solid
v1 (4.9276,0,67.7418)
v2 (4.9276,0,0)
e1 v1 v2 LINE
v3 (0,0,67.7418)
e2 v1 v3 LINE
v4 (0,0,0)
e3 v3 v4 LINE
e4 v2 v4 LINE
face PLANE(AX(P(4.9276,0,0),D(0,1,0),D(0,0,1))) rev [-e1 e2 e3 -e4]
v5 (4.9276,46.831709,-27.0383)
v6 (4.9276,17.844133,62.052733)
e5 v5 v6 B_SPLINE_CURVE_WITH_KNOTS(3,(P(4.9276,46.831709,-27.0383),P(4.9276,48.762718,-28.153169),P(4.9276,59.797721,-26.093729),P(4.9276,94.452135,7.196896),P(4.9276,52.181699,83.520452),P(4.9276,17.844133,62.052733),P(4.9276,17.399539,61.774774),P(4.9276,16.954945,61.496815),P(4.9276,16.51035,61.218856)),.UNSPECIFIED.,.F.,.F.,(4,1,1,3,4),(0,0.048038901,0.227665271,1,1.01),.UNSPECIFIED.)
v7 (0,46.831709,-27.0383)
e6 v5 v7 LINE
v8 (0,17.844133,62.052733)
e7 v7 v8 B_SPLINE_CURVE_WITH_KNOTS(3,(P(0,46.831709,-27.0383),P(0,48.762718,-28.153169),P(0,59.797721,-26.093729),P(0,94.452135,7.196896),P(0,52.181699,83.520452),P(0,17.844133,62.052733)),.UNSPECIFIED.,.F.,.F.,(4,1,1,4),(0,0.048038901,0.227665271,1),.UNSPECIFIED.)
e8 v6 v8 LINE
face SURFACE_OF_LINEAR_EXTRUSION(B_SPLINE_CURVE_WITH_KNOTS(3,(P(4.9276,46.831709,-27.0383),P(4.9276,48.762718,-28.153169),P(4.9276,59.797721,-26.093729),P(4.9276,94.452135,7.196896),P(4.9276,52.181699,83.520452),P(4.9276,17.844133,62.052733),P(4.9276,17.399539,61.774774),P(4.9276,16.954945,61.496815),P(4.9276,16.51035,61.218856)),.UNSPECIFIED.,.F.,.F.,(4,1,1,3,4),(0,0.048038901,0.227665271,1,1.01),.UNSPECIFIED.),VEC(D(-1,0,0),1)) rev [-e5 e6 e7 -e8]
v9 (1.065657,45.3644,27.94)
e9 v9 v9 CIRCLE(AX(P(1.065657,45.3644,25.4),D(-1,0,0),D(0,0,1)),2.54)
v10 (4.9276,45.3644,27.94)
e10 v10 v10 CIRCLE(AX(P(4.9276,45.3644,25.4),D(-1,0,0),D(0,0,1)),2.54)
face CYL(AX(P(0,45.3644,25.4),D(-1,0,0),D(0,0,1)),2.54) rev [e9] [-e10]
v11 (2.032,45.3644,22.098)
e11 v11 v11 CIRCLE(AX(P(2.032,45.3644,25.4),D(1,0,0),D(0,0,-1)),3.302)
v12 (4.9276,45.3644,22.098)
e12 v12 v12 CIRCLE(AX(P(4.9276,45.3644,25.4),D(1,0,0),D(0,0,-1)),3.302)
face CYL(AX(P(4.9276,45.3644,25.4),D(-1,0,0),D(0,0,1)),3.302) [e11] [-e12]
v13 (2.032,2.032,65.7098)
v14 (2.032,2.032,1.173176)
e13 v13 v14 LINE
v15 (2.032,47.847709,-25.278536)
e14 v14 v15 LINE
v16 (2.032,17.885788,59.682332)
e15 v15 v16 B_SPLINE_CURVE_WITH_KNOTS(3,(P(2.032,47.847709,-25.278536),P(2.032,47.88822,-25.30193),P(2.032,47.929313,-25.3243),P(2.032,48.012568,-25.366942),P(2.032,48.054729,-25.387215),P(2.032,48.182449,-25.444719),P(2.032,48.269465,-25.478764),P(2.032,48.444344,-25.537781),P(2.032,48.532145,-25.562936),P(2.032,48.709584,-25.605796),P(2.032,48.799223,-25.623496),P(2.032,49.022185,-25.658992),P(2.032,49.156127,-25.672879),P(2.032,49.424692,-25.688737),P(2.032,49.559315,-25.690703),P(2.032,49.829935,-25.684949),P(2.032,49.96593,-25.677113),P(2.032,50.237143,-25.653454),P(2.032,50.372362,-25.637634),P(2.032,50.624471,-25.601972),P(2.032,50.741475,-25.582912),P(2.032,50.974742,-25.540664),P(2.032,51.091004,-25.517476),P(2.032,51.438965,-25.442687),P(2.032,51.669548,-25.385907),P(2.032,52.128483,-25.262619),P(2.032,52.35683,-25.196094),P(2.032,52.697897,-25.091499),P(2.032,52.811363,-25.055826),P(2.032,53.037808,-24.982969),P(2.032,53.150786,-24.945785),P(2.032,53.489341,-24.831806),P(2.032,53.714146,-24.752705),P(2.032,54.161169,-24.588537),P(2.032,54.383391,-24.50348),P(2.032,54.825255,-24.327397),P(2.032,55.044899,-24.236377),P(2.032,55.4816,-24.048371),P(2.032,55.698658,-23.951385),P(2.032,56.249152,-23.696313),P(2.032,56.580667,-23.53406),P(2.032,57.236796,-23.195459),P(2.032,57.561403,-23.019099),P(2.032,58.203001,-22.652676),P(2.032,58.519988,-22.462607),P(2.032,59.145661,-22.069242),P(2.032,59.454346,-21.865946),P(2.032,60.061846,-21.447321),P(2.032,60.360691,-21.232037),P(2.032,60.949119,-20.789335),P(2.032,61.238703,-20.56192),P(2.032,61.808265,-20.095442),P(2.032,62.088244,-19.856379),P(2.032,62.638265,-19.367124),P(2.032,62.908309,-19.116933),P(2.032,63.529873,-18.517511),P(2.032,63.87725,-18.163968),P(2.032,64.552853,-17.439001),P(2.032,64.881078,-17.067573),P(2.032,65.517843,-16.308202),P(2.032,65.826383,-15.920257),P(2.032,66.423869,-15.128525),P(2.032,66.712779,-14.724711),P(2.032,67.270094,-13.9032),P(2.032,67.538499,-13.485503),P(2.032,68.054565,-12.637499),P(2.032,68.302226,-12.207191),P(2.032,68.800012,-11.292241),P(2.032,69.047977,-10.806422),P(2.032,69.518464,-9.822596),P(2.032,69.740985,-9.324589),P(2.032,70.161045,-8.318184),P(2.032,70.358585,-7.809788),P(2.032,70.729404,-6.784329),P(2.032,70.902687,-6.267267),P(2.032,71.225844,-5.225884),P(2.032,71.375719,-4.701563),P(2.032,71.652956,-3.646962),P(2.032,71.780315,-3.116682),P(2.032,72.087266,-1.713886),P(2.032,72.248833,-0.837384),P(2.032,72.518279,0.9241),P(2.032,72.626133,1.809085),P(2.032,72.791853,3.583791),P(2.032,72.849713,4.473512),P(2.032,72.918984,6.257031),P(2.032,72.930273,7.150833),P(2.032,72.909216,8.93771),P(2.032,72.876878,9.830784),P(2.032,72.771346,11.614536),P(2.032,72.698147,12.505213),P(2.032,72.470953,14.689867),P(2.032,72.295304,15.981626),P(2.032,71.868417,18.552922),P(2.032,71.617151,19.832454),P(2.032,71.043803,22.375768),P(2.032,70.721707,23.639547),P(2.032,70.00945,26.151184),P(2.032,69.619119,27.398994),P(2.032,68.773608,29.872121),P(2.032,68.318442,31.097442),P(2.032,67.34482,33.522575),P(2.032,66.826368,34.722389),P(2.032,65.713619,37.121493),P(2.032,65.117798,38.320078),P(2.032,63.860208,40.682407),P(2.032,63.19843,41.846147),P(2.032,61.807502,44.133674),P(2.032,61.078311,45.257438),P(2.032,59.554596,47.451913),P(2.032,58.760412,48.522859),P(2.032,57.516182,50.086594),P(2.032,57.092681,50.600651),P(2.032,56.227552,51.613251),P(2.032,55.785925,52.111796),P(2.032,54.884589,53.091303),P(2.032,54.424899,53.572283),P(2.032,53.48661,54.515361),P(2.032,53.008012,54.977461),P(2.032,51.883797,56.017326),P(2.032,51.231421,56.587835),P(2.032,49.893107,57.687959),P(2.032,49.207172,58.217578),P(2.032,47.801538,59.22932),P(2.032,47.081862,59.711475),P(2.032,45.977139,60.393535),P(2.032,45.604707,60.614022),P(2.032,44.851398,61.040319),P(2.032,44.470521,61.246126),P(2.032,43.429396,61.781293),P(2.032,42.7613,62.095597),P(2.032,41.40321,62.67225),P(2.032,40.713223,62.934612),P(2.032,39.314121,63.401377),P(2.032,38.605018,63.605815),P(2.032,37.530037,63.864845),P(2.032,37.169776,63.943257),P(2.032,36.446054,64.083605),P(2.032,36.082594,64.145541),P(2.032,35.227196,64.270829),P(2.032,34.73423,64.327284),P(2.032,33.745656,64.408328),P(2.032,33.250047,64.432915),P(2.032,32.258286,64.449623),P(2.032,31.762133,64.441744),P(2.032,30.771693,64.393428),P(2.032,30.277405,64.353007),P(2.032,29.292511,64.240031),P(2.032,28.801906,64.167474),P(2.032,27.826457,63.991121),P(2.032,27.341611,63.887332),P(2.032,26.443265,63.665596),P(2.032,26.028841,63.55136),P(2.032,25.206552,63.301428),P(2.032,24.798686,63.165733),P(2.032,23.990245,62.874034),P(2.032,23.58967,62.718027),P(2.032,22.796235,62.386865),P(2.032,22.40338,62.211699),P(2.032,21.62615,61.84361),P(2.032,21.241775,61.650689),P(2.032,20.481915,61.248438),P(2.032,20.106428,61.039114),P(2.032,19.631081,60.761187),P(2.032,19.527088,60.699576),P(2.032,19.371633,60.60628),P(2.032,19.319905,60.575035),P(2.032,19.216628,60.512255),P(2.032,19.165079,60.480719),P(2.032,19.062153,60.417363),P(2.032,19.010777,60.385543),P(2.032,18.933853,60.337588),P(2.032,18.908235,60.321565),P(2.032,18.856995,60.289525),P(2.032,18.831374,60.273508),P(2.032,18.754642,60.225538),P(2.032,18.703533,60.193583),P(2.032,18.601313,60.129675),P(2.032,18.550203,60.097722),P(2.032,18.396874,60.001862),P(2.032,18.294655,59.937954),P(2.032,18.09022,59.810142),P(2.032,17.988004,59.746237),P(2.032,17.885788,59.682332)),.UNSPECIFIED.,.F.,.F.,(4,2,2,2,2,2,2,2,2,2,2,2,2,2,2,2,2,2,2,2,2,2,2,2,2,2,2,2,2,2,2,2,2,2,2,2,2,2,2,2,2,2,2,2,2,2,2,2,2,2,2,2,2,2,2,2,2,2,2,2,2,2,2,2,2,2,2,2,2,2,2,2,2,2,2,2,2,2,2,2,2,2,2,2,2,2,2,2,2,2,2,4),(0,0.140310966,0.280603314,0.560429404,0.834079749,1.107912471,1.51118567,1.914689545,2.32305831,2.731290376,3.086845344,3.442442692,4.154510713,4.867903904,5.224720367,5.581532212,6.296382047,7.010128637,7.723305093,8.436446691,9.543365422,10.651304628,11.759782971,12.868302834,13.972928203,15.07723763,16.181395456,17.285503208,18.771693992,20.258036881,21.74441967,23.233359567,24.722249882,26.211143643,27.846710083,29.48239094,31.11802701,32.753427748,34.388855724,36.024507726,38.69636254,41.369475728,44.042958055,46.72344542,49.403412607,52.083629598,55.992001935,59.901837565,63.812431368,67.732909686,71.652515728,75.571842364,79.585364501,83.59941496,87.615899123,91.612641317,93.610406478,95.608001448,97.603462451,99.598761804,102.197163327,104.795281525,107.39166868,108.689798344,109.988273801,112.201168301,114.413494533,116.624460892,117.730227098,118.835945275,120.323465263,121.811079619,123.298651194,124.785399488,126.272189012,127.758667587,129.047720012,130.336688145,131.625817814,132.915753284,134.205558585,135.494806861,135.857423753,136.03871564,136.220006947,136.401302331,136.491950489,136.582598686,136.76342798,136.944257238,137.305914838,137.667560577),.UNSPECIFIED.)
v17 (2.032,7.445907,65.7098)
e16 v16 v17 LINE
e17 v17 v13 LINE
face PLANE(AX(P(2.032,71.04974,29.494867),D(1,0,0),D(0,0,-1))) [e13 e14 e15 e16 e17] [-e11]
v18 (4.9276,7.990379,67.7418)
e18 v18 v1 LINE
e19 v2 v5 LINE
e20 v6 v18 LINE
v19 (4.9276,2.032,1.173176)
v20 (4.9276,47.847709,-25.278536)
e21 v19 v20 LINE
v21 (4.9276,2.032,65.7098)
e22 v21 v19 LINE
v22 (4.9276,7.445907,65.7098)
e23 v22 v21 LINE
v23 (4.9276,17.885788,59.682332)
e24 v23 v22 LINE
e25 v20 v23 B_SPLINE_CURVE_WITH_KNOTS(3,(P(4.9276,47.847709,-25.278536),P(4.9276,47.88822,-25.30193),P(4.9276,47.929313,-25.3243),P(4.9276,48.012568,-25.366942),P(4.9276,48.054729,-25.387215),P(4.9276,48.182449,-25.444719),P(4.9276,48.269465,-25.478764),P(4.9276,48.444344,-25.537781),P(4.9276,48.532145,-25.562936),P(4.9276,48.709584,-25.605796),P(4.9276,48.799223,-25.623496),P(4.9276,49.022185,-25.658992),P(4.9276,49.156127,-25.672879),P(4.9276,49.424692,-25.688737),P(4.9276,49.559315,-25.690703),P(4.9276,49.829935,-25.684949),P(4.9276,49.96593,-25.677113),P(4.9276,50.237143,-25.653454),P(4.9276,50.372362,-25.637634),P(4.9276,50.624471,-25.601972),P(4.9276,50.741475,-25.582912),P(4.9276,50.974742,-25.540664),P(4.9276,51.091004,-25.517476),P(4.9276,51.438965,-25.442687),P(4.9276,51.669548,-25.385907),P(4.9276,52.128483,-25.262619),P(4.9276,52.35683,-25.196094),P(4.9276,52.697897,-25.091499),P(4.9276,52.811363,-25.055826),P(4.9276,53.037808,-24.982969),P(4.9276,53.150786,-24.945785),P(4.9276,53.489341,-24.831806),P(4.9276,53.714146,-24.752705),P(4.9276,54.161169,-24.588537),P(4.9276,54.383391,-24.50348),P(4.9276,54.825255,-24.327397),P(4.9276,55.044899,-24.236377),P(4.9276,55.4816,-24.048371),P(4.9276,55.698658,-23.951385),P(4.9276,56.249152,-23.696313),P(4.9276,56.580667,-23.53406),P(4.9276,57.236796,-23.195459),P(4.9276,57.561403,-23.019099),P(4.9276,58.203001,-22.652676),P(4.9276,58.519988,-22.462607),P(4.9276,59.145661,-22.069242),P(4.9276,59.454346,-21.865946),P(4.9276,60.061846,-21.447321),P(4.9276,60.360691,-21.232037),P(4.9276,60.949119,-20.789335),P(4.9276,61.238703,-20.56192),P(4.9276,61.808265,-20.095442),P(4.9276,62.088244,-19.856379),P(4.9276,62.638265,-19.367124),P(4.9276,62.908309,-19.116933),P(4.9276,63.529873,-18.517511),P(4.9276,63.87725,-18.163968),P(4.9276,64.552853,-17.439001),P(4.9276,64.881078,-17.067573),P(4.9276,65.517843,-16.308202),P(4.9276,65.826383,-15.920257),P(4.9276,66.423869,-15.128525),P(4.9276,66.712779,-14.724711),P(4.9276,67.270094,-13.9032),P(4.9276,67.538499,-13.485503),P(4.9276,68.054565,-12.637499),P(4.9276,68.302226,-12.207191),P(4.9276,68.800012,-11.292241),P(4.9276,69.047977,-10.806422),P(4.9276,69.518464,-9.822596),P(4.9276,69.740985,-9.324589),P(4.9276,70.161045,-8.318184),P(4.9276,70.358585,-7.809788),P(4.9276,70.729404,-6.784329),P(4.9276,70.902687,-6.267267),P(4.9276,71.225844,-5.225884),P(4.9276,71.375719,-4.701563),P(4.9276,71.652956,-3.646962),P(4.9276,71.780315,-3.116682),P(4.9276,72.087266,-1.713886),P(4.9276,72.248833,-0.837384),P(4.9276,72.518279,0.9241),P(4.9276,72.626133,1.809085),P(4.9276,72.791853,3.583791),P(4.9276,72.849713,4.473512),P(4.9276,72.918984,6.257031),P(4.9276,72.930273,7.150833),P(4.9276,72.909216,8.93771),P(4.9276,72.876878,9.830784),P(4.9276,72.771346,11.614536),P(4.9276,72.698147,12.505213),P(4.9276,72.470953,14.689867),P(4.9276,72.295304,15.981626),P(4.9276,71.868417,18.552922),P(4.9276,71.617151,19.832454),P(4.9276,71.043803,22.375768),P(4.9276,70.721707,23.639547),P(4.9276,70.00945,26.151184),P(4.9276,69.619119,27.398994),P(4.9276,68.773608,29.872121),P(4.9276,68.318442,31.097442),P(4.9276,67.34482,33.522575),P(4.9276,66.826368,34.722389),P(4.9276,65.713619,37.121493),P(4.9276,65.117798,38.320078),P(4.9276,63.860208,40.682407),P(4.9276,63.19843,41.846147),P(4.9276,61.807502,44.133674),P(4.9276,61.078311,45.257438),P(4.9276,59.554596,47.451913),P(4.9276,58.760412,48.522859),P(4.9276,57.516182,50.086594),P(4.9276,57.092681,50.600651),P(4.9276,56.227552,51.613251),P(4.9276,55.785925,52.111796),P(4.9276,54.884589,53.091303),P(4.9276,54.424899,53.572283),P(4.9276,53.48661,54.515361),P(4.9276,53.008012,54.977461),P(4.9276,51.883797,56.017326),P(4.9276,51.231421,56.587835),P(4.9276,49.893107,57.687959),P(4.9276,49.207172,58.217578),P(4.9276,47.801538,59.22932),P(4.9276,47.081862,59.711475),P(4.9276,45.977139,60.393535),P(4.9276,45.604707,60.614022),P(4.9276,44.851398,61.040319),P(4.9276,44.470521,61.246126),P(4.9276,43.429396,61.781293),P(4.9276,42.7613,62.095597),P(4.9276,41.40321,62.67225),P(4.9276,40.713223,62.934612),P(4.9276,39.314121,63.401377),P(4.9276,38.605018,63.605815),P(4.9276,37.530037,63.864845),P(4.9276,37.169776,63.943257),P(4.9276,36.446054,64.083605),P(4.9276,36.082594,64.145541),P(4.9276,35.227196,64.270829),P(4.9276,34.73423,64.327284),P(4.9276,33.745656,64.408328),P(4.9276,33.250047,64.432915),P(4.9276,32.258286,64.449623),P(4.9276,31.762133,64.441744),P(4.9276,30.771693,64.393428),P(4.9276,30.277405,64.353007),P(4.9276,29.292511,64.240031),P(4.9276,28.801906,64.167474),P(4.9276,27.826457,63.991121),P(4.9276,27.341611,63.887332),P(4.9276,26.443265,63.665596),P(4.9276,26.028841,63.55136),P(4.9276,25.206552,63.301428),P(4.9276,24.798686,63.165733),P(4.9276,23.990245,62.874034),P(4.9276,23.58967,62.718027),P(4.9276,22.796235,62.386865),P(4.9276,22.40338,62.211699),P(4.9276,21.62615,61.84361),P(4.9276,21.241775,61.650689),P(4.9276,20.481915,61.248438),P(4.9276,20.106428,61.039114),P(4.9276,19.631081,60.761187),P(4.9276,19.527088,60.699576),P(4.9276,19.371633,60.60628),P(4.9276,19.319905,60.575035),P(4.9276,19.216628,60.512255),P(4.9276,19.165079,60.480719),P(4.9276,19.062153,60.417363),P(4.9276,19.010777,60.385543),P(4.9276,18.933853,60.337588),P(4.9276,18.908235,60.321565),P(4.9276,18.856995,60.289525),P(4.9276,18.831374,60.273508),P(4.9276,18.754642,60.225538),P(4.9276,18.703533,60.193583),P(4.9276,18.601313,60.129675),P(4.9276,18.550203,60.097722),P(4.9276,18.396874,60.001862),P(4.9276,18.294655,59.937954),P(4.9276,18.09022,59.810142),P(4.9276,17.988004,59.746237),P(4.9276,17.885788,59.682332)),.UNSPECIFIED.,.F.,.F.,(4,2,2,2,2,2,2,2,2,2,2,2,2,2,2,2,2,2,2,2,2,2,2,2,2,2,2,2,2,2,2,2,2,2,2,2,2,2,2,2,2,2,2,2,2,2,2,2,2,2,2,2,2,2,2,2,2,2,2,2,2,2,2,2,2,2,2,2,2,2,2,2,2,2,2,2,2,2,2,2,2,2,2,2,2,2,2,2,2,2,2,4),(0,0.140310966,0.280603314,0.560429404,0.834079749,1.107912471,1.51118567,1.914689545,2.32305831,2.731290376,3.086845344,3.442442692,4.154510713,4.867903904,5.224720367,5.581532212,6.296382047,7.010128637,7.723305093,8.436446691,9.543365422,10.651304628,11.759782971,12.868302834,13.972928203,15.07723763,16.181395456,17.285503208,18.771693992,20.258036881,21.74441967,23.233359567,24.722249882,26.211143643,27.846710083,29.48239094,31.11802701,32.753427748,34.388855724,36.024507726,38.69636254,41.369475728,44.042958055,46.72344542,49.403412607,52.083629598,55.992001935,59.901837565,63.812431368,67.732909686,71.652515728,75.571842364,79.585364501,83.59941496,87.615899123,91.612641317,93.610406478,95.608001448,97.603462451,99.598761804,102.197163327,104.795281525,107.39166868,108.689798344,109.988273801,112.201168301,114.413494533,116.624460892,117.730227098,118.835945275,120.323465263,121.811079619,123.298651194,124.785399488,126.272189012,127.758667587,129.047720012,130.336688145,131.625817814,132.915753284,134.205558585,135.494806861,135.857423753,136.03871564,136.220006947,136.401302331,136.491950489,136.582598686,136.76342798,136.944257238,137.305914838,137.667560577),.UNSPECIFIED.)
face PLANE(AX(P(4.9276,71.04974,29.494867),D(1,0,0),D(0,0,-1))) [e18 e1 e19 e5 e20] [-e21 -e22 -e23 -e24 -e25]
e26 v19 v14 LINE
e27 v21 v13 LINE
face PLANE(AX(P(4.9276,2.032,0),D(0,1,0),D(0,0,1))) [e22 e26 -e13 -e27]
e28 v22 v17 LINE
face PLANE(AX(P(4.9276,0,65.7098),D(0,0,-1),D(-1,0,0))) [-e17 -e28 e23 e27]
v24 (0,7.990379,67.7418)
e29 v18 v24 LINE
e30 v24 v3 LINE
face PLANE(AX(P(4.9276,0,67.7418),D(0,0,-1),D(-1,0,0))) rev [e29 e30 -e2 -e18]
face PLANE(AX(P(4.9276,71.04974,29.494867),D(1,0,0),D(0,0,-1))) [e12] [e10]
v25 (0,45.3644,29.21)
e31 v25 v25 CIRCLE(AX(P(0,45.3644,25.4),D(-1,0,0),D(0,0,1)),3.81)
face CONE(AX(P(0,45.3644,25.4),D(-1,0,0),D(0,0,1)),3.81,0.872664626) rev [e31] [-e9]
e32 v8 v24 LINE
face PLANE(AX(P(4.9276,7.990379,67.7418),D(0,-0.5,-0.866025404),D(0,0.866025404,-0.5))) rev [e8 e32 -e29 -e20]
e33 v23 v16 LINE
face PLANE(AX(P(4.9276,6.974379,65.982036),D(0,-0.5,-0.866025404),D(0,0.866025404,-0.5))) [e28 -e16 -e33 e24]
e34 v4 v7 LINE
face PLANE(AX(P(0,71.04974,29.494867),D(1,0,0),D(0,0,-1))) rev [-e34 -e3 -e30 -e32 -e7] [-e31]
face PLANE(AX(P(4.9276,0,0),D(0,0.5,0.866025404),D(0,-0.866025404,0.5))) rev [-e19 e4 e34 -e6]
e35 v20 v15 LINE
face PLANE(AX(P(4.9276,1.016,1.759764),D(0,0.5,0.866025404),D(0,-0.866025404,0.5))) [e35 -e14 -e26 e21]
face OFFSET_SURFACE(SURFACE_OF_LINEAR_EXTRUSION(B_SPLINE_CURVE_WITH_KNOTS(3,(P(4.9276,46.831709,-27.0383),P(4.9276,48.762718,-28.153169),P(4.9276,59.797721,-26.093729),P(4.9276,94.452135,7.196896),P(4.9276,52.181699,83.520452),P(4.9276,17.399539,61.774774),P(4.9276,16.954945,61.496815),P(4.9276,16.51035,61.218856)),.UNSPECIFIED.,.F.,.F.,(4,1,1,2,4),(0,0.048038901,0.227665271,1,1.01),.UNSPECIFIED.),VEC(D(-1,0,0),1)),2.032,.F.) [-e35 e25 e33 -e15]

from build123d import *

# Parameters (mm, degrees)
SKETCH1_R                                         = 1.27
BOSS_EXTRUDE1_DEPTH                               = 4.9276
SHELL1_T                                          = -2.032
CSK_FOR_0_FLAT_HEAD_MACHINE_SCREW_100_D           = 5.08
CSK_FOR_0_FLAT_HEAD_MACHINE_SCREW_100_CSINK_D     = 7.62
CSK_FOR_0_FLAT_HEAD_MACHINE_SCREW_100_CSINK_ANGLE = 100


with BuildPart() as part:
    # Sketch1 → Boss-Extrude1 (new body)
    with BuildSketch(Plane(origin=(0, 0, 0), x_dir=(0, 0, -1), z_dir=(1, 0, 0))):
        with BuildLine():
            Line((0, 0), (-67.7418, 0))
            Line((-67.7418, 0), (-67.7418, 7.990379))
            Line((-67.7418, 7.990379), (-62.052733, 17.844133))
            add(Edge.make_bspline(
                [(-62.052733, 17.844133), (-83.520452, 52.181699), (-7.196896, 94.452135), (26.093729, 59.797721), (28.153169, 48.762718), (27.0383, 46.831709)],
                knots=[0, 0, 0, 0, 0.772335, 0.951961, 1, 1, 1, 1], degree=3))
            Line((27.0383, 46.831709), (0, 0))
        make_face()
        with Locations((-25.4, 45.3644)):
            Circle(SKETCH1_R, mode=Mode.SUBTRACT)
    extrude(amount=BOSS_EXTRUDE1_DEPTH)

    # Shell1
    shell1_openings = [part.faces().sort_by_distance(p)[0] for p in [
        (4.9276, 17.432002, 25.190503),
    ]]
    offset(amount=SHELL1_T, openings=shell1_openings, kind=Kind.INTERSECTION)

    # CSK for #0 Flat Head Machine Screw (100)2 (through all)
    with Locations(Plane.ZY):
        with Locations((25.4, 45.3644)):
            CounterSinkHole(CSK_FOR_0_FLAT_HEAD_MACHINE_SCREW_100_D / 2, CSK_FOR_0_FLAT_HEAD_MACHINE_SCREW_100_CSINK_D / 2, counter_sink_angle=CSK_FOR_0_FLAT_HEAD_MACHINE_SCREW_100_CSINK_ANGLE)


solid = part.part
